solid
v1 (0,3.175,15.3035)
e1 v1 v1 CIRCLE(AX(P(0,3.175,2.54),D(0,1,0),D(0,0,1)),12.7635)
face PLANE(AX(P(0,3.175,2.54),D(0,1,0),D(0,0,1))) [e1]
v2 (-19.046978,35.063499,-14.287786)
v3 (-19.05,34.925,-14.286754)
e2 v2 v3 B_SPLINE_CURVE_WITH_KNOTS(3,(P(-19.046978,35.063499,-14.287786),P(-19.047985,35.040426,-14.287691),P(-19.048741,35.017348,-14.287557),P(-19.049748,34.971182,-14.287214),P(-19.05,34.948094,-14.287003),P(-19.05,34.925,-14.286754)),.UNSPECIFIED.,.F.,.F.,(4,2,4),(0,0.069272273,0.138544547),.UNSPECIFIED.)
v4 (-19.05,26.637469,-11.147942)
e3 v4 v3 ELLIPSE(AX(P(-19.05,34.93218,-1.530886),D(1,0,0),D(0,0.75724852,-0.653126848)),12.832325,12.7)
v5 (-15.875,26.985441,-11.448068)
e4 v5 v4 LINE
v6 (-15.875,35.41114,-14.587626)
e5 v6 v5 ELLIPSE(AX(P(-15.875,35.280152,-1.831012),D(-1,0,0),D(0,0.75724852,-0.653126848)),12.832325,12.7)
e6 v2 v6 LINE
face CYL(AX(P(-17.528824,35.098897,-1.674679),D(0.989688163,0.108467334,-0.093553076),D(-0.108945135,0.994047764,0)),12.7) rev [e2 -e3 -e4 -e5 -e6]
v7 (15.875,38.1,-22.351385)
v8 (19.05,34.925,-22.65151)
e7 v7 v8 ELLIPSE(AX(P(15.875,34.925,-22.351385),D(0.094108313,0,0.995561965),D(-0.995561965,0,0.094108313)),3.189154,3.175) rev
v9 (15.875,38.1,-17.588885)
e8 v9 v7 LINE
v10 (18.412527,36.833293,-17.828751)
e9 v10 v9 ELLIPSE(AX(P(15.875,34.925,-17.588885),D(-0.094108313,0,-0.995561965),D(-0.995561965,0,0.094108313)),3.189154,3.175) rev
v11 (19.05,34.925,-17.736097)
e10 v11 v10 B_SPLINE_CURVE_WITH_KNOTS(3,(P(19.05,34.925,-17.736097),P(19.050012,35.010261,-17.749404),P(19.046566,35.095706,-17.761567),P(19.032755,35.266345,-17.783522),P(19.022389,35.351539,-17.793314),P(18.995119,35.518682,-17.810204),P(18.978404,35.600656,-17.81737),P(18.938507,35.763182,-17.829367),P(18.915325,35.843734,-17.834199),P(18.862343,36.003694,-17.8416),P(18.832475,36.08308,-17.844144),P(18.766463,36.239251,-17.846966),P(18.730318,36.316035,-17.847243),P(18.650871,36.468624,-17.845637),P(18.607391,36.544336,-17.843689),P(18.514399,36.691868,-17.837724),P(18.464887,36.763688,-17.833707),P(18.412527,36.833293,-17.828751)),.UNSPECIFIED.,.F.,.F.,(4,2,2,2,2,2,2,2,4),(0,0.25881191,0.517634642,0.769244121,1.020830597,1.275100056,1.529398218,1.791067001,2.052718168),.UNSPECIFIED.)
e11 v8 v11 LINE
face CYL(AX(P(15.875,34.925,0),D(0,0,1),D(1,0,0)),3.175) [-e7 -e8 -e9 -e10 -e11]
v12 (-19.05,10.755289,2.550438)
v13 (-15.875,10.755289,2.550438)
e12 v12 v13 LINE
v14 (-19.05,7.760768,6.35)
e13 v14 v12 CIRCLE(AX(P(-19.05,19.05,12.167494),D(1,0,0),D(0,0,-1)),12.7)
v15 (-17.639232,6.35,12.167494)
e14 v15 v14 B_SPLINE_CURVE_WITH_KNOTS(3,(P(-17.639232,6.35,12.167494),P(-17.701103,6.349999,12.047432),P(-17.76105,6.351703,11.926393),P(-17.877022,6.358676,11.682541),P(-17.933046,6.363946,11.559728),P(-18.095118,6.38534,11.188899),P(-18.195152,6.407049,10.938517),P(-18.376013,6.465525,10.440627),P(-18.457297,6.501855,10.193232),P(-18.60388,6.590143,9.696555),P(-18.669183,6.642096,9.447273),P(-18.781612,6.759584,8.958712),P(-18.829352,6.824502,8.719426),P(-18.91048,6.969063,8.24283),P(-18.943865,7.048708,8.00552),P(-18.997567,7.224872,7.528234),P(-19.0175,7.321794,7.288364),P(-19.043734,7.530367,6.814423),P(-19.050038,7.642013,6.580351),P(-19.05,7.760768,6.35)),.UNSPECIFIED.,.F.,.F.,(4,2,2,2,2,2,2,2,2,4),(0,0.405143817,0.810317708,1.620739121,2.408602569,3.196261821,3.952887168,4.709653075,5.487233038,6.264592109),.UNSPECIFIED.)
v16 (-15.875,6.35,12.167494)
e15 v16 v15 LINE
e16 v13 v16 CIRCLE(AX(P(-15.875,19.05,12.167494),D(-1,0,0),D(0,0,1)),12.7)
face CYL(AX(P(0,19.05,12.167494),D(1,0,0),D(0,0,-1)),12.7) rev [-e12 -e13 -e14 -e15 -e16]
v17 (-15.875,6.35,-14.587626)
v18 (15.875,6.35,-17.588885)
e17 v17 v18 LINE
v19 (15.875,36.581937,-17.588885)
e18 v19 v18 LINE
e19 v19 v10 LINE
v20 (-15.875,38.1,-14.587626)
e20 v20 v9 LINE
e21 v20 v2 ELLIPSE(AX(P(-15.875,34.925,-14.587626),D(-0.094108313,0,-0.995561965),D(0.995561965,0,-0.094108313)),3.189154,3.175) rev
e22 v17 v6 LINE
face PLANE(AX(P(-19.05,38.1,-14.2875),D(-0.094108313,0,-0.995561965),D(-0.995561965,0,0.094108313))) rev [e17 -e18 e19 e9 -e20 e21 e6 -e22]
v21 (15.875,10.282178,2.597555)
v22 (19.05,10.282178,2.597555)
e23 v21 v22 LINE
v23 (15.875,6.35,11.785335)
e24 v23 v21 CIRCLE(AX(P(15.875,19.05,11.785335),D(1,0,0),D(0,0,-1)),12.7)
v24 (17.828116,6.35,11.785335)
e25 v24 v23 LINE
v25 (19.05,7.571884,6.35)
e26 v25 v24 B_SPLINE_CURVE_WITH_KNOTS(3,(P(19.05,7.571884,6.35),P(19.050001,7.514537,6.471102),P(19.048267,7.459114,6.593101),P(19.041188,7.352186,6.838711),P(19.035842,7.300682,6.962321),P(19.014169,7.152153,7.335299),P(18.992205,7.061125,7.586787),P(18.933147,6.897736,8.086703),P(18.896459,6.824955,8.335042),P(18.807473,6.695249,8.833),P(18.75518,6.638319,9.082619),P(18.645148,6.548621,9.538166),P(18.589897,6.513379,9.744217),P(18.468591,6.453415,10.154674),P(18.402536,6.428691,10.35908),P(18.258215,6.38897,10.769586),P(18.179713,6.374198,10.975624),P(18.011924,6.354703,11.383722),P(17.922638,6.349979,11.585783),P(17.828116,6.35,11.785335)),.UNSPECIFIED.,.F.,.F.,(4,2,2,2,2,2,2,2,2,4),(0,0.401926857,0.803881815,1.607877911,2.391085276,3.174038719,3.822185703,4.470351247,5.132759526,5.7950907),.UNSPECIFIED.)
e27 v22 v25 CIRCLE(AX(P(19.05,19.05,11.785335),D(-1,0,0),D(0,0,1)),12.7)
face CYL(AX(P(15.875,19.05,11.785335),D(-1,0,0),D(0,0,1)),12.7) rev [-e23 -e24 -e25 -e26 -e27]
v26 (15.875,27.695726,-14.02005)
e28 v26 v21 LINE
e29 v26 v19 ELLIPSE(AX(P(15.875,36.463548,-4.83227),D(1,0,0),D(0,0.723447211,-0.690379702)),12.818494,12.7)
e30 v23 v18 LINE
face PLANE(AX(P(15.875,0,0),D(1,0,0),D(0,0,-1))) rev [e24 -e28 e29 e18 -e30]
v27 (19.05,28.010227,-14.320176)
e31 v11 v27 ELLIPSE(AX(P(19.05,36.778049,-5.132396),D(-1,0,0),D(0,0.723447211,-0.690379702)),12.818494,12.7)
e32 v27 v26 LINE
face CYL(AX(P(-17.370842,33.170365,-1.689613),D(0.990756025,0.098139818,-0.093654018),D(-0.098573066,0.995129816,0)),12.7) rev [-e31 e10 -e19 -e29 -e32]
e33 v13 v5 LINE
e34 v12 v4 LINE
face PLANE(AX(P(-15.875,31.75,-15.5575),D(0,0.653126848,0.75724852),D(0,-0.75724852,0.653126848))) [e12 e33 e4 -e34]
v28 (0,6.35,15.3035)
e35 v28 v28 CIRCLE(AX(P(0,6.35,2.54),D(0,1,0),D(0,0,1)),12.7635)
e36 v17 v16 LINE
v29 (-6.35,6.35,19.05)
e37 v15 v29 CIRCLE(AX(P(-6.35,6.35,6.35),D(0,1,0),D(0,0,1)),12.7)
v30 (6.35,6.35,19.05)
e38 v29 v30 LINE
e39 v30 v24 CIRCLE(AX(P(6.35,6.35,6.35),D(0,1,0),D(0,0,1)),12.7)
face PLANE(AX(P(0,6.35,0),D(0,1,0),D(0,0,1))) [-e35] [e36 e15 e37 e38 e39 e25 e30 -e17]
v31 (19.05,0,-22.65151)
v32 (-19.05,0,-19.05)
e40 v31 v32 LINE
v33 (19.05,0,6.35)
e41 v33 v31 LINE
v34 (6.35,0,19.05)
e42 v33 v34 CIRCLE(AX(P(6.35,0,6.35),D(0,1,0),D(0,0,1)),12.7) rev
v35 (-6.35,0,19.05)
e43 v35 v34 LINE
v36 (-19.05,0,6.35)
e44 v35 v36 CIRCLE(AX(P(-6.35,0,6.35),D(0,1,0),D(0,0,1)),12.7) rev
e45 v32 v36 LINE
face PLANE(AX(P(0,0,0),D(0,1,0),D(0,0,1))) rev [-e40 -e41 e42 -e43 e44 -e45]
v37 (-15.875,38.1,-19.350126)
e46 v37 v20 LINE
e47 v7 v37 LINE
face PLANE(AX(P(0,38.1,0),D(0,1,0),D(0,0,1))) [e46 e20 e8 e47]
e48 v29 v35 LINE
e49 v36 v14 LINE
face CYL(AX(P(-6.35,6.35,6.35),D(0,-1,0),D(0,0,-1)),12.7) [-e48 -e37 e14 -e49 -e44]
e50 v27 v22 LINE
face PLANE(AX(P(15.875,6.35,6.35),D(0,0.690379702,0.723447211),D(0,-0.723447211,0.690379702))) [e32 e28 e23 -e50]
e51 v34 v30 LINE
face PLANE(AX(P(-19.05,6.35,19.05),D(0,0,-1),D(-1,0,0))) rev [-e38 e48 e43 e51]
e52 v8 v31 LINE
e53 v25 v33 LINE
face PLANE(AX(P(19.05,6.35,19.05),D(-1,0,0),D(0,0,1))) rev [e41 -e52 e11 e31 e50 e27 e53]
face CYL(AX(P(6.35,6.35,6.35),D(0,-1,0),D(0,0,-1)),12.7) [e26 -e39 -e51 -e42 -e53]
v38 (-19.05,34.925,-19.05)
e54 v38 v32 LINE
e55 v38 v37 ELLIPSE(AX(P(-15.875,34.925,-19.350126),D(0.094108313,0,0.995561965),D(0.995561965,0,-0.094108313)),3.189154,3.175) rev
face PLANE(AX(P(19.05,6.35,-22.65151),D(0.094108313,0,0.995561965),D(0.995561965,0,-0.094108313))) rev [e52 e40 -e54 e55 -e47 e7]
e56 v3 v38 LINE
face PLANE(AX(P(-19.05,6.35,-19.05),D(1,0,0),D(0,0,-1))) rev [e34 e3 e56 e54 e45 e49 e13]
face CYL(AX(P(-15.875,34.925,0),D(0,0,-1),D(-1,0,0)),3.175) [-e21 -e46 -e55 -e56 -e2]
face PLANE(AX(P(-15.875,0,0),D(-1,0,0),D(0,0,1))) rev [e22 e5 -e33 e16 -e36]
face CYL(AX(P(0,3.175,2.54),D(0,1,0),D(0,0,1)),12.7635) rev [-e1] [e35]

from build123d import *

# Parameters (mm, degrees)
BOSS_EXTRUDE1_DEPTH = 6.35
SKETCH2_R           = 12.7635
CUT_EXTRUDE1_DEPTH  = 3.175
BOSS_EXTRUDE2_DEPTH = 31.75
FILLET1_R           = 12.7
BOSS_EXTRUDE3_DEPTH = 3.175
BOSS_EXTRUDE7_DEPTH = 3.175
FILLET2_R           = 12.7
FILLET3_R           = 3.175


with BuildPart() as part:
    # Sketch1 → Boss-Extrude1 (new body)
    with BuildSketch(Plane(origin=(0, 0, 0), x_dir=(1, 0, 0), z_dir=(0, 1, 0))):
        Polygon((-19.05, 19.05), (-19.05, -19.05), (19.05, -19.05), (19.05, 22.651510368), align=None)
    extrude(amount=BOSS_EXTRUDE1_DEPTH)

    # Sketch2 → Cut-Extrude1 (cut)
    with BuildSketch(Plane(origin=(0, 6.35, 0), x_dir=(1, 0, 0), z_dir=(0, 1, 0))):
        with Locations(Location((0, -2.54, 0), (0, 0, 270))):
            Circle(SKETCH2_R)
    extrude(amount=-CUT_EXTRUDE1_DEPTH, mode=Mode.SUBTRACT)

    # Sketch3 → Boss-Extrude2 (add)
    with BuildSketch(Plane(origin=(0, 6.35, 0), x_dir=(1, 0, 0), z_dir=(0, 1, 0))):
        Polygon((19.05, 22.651510368), (-19.05, 19.05), (-19.05, 14.2875), (19.05, 17.889010368), align=None)
    extrude(amount=BOSS_EXTRUDE2_DEPTH)

    # Fillet1
    fillet1_edges = [part.edges().sort_by_distance(p)[0] for p in [
        (19.05, 3.175, 19.05),
        (-19.05, 3.175, 19.05),
    ]]
    fillet(fillet1_edges, radius=FILLET1_R)

    # Sketch4 → Boss-Extrude3 (add)
    with BuildSketch(Plane(origin=(19.05, 0, 0), x_dir=(0, 0, -1), z_dir=(1, 0, 0))):
        Polygon((-6.35, 6.35), (17.889010368, 31.75), (17.889010368, 6.35), align=None)
    extrude(amount=-BOSS_EXTRUDE3_DEPTH)

    # Sketch6 → Boss-Extrude7 (add)
    with BuildSketch(Plane.ZY.offset(19.05)):
        Polygon((-15.5575, 31.75), (6.35, 6.35), (-15.5575, 6.35), align=None)
    extrude(amount=-BOSS_EXTRUDE7_DEPTH)

    # Fillet2
    fillet2_edges = [part.edges().sort_by_distance(p)[0] for p in [
        (17.4625, 6.35, 6.35),
        (17.4625, 31.592749419, -17.738947436),
        (-17.4625, 6.35, 6.35),
        (-17.4625, 30.45152224, -14.437562932),
    ]]
    fillet(fillet2_edges, radius=FILLET2_R)

    # Fillet3
    fillet3_edges = [part.edges().sort_by_distance(p)[0] for p in [
        (19.05, 38.1, -20.270260368),
        (-19.05, 38.1, -16.66875),
    ]]
    fillet(fillet3_edges, radius=FILLET3_R)


solid = part.part
